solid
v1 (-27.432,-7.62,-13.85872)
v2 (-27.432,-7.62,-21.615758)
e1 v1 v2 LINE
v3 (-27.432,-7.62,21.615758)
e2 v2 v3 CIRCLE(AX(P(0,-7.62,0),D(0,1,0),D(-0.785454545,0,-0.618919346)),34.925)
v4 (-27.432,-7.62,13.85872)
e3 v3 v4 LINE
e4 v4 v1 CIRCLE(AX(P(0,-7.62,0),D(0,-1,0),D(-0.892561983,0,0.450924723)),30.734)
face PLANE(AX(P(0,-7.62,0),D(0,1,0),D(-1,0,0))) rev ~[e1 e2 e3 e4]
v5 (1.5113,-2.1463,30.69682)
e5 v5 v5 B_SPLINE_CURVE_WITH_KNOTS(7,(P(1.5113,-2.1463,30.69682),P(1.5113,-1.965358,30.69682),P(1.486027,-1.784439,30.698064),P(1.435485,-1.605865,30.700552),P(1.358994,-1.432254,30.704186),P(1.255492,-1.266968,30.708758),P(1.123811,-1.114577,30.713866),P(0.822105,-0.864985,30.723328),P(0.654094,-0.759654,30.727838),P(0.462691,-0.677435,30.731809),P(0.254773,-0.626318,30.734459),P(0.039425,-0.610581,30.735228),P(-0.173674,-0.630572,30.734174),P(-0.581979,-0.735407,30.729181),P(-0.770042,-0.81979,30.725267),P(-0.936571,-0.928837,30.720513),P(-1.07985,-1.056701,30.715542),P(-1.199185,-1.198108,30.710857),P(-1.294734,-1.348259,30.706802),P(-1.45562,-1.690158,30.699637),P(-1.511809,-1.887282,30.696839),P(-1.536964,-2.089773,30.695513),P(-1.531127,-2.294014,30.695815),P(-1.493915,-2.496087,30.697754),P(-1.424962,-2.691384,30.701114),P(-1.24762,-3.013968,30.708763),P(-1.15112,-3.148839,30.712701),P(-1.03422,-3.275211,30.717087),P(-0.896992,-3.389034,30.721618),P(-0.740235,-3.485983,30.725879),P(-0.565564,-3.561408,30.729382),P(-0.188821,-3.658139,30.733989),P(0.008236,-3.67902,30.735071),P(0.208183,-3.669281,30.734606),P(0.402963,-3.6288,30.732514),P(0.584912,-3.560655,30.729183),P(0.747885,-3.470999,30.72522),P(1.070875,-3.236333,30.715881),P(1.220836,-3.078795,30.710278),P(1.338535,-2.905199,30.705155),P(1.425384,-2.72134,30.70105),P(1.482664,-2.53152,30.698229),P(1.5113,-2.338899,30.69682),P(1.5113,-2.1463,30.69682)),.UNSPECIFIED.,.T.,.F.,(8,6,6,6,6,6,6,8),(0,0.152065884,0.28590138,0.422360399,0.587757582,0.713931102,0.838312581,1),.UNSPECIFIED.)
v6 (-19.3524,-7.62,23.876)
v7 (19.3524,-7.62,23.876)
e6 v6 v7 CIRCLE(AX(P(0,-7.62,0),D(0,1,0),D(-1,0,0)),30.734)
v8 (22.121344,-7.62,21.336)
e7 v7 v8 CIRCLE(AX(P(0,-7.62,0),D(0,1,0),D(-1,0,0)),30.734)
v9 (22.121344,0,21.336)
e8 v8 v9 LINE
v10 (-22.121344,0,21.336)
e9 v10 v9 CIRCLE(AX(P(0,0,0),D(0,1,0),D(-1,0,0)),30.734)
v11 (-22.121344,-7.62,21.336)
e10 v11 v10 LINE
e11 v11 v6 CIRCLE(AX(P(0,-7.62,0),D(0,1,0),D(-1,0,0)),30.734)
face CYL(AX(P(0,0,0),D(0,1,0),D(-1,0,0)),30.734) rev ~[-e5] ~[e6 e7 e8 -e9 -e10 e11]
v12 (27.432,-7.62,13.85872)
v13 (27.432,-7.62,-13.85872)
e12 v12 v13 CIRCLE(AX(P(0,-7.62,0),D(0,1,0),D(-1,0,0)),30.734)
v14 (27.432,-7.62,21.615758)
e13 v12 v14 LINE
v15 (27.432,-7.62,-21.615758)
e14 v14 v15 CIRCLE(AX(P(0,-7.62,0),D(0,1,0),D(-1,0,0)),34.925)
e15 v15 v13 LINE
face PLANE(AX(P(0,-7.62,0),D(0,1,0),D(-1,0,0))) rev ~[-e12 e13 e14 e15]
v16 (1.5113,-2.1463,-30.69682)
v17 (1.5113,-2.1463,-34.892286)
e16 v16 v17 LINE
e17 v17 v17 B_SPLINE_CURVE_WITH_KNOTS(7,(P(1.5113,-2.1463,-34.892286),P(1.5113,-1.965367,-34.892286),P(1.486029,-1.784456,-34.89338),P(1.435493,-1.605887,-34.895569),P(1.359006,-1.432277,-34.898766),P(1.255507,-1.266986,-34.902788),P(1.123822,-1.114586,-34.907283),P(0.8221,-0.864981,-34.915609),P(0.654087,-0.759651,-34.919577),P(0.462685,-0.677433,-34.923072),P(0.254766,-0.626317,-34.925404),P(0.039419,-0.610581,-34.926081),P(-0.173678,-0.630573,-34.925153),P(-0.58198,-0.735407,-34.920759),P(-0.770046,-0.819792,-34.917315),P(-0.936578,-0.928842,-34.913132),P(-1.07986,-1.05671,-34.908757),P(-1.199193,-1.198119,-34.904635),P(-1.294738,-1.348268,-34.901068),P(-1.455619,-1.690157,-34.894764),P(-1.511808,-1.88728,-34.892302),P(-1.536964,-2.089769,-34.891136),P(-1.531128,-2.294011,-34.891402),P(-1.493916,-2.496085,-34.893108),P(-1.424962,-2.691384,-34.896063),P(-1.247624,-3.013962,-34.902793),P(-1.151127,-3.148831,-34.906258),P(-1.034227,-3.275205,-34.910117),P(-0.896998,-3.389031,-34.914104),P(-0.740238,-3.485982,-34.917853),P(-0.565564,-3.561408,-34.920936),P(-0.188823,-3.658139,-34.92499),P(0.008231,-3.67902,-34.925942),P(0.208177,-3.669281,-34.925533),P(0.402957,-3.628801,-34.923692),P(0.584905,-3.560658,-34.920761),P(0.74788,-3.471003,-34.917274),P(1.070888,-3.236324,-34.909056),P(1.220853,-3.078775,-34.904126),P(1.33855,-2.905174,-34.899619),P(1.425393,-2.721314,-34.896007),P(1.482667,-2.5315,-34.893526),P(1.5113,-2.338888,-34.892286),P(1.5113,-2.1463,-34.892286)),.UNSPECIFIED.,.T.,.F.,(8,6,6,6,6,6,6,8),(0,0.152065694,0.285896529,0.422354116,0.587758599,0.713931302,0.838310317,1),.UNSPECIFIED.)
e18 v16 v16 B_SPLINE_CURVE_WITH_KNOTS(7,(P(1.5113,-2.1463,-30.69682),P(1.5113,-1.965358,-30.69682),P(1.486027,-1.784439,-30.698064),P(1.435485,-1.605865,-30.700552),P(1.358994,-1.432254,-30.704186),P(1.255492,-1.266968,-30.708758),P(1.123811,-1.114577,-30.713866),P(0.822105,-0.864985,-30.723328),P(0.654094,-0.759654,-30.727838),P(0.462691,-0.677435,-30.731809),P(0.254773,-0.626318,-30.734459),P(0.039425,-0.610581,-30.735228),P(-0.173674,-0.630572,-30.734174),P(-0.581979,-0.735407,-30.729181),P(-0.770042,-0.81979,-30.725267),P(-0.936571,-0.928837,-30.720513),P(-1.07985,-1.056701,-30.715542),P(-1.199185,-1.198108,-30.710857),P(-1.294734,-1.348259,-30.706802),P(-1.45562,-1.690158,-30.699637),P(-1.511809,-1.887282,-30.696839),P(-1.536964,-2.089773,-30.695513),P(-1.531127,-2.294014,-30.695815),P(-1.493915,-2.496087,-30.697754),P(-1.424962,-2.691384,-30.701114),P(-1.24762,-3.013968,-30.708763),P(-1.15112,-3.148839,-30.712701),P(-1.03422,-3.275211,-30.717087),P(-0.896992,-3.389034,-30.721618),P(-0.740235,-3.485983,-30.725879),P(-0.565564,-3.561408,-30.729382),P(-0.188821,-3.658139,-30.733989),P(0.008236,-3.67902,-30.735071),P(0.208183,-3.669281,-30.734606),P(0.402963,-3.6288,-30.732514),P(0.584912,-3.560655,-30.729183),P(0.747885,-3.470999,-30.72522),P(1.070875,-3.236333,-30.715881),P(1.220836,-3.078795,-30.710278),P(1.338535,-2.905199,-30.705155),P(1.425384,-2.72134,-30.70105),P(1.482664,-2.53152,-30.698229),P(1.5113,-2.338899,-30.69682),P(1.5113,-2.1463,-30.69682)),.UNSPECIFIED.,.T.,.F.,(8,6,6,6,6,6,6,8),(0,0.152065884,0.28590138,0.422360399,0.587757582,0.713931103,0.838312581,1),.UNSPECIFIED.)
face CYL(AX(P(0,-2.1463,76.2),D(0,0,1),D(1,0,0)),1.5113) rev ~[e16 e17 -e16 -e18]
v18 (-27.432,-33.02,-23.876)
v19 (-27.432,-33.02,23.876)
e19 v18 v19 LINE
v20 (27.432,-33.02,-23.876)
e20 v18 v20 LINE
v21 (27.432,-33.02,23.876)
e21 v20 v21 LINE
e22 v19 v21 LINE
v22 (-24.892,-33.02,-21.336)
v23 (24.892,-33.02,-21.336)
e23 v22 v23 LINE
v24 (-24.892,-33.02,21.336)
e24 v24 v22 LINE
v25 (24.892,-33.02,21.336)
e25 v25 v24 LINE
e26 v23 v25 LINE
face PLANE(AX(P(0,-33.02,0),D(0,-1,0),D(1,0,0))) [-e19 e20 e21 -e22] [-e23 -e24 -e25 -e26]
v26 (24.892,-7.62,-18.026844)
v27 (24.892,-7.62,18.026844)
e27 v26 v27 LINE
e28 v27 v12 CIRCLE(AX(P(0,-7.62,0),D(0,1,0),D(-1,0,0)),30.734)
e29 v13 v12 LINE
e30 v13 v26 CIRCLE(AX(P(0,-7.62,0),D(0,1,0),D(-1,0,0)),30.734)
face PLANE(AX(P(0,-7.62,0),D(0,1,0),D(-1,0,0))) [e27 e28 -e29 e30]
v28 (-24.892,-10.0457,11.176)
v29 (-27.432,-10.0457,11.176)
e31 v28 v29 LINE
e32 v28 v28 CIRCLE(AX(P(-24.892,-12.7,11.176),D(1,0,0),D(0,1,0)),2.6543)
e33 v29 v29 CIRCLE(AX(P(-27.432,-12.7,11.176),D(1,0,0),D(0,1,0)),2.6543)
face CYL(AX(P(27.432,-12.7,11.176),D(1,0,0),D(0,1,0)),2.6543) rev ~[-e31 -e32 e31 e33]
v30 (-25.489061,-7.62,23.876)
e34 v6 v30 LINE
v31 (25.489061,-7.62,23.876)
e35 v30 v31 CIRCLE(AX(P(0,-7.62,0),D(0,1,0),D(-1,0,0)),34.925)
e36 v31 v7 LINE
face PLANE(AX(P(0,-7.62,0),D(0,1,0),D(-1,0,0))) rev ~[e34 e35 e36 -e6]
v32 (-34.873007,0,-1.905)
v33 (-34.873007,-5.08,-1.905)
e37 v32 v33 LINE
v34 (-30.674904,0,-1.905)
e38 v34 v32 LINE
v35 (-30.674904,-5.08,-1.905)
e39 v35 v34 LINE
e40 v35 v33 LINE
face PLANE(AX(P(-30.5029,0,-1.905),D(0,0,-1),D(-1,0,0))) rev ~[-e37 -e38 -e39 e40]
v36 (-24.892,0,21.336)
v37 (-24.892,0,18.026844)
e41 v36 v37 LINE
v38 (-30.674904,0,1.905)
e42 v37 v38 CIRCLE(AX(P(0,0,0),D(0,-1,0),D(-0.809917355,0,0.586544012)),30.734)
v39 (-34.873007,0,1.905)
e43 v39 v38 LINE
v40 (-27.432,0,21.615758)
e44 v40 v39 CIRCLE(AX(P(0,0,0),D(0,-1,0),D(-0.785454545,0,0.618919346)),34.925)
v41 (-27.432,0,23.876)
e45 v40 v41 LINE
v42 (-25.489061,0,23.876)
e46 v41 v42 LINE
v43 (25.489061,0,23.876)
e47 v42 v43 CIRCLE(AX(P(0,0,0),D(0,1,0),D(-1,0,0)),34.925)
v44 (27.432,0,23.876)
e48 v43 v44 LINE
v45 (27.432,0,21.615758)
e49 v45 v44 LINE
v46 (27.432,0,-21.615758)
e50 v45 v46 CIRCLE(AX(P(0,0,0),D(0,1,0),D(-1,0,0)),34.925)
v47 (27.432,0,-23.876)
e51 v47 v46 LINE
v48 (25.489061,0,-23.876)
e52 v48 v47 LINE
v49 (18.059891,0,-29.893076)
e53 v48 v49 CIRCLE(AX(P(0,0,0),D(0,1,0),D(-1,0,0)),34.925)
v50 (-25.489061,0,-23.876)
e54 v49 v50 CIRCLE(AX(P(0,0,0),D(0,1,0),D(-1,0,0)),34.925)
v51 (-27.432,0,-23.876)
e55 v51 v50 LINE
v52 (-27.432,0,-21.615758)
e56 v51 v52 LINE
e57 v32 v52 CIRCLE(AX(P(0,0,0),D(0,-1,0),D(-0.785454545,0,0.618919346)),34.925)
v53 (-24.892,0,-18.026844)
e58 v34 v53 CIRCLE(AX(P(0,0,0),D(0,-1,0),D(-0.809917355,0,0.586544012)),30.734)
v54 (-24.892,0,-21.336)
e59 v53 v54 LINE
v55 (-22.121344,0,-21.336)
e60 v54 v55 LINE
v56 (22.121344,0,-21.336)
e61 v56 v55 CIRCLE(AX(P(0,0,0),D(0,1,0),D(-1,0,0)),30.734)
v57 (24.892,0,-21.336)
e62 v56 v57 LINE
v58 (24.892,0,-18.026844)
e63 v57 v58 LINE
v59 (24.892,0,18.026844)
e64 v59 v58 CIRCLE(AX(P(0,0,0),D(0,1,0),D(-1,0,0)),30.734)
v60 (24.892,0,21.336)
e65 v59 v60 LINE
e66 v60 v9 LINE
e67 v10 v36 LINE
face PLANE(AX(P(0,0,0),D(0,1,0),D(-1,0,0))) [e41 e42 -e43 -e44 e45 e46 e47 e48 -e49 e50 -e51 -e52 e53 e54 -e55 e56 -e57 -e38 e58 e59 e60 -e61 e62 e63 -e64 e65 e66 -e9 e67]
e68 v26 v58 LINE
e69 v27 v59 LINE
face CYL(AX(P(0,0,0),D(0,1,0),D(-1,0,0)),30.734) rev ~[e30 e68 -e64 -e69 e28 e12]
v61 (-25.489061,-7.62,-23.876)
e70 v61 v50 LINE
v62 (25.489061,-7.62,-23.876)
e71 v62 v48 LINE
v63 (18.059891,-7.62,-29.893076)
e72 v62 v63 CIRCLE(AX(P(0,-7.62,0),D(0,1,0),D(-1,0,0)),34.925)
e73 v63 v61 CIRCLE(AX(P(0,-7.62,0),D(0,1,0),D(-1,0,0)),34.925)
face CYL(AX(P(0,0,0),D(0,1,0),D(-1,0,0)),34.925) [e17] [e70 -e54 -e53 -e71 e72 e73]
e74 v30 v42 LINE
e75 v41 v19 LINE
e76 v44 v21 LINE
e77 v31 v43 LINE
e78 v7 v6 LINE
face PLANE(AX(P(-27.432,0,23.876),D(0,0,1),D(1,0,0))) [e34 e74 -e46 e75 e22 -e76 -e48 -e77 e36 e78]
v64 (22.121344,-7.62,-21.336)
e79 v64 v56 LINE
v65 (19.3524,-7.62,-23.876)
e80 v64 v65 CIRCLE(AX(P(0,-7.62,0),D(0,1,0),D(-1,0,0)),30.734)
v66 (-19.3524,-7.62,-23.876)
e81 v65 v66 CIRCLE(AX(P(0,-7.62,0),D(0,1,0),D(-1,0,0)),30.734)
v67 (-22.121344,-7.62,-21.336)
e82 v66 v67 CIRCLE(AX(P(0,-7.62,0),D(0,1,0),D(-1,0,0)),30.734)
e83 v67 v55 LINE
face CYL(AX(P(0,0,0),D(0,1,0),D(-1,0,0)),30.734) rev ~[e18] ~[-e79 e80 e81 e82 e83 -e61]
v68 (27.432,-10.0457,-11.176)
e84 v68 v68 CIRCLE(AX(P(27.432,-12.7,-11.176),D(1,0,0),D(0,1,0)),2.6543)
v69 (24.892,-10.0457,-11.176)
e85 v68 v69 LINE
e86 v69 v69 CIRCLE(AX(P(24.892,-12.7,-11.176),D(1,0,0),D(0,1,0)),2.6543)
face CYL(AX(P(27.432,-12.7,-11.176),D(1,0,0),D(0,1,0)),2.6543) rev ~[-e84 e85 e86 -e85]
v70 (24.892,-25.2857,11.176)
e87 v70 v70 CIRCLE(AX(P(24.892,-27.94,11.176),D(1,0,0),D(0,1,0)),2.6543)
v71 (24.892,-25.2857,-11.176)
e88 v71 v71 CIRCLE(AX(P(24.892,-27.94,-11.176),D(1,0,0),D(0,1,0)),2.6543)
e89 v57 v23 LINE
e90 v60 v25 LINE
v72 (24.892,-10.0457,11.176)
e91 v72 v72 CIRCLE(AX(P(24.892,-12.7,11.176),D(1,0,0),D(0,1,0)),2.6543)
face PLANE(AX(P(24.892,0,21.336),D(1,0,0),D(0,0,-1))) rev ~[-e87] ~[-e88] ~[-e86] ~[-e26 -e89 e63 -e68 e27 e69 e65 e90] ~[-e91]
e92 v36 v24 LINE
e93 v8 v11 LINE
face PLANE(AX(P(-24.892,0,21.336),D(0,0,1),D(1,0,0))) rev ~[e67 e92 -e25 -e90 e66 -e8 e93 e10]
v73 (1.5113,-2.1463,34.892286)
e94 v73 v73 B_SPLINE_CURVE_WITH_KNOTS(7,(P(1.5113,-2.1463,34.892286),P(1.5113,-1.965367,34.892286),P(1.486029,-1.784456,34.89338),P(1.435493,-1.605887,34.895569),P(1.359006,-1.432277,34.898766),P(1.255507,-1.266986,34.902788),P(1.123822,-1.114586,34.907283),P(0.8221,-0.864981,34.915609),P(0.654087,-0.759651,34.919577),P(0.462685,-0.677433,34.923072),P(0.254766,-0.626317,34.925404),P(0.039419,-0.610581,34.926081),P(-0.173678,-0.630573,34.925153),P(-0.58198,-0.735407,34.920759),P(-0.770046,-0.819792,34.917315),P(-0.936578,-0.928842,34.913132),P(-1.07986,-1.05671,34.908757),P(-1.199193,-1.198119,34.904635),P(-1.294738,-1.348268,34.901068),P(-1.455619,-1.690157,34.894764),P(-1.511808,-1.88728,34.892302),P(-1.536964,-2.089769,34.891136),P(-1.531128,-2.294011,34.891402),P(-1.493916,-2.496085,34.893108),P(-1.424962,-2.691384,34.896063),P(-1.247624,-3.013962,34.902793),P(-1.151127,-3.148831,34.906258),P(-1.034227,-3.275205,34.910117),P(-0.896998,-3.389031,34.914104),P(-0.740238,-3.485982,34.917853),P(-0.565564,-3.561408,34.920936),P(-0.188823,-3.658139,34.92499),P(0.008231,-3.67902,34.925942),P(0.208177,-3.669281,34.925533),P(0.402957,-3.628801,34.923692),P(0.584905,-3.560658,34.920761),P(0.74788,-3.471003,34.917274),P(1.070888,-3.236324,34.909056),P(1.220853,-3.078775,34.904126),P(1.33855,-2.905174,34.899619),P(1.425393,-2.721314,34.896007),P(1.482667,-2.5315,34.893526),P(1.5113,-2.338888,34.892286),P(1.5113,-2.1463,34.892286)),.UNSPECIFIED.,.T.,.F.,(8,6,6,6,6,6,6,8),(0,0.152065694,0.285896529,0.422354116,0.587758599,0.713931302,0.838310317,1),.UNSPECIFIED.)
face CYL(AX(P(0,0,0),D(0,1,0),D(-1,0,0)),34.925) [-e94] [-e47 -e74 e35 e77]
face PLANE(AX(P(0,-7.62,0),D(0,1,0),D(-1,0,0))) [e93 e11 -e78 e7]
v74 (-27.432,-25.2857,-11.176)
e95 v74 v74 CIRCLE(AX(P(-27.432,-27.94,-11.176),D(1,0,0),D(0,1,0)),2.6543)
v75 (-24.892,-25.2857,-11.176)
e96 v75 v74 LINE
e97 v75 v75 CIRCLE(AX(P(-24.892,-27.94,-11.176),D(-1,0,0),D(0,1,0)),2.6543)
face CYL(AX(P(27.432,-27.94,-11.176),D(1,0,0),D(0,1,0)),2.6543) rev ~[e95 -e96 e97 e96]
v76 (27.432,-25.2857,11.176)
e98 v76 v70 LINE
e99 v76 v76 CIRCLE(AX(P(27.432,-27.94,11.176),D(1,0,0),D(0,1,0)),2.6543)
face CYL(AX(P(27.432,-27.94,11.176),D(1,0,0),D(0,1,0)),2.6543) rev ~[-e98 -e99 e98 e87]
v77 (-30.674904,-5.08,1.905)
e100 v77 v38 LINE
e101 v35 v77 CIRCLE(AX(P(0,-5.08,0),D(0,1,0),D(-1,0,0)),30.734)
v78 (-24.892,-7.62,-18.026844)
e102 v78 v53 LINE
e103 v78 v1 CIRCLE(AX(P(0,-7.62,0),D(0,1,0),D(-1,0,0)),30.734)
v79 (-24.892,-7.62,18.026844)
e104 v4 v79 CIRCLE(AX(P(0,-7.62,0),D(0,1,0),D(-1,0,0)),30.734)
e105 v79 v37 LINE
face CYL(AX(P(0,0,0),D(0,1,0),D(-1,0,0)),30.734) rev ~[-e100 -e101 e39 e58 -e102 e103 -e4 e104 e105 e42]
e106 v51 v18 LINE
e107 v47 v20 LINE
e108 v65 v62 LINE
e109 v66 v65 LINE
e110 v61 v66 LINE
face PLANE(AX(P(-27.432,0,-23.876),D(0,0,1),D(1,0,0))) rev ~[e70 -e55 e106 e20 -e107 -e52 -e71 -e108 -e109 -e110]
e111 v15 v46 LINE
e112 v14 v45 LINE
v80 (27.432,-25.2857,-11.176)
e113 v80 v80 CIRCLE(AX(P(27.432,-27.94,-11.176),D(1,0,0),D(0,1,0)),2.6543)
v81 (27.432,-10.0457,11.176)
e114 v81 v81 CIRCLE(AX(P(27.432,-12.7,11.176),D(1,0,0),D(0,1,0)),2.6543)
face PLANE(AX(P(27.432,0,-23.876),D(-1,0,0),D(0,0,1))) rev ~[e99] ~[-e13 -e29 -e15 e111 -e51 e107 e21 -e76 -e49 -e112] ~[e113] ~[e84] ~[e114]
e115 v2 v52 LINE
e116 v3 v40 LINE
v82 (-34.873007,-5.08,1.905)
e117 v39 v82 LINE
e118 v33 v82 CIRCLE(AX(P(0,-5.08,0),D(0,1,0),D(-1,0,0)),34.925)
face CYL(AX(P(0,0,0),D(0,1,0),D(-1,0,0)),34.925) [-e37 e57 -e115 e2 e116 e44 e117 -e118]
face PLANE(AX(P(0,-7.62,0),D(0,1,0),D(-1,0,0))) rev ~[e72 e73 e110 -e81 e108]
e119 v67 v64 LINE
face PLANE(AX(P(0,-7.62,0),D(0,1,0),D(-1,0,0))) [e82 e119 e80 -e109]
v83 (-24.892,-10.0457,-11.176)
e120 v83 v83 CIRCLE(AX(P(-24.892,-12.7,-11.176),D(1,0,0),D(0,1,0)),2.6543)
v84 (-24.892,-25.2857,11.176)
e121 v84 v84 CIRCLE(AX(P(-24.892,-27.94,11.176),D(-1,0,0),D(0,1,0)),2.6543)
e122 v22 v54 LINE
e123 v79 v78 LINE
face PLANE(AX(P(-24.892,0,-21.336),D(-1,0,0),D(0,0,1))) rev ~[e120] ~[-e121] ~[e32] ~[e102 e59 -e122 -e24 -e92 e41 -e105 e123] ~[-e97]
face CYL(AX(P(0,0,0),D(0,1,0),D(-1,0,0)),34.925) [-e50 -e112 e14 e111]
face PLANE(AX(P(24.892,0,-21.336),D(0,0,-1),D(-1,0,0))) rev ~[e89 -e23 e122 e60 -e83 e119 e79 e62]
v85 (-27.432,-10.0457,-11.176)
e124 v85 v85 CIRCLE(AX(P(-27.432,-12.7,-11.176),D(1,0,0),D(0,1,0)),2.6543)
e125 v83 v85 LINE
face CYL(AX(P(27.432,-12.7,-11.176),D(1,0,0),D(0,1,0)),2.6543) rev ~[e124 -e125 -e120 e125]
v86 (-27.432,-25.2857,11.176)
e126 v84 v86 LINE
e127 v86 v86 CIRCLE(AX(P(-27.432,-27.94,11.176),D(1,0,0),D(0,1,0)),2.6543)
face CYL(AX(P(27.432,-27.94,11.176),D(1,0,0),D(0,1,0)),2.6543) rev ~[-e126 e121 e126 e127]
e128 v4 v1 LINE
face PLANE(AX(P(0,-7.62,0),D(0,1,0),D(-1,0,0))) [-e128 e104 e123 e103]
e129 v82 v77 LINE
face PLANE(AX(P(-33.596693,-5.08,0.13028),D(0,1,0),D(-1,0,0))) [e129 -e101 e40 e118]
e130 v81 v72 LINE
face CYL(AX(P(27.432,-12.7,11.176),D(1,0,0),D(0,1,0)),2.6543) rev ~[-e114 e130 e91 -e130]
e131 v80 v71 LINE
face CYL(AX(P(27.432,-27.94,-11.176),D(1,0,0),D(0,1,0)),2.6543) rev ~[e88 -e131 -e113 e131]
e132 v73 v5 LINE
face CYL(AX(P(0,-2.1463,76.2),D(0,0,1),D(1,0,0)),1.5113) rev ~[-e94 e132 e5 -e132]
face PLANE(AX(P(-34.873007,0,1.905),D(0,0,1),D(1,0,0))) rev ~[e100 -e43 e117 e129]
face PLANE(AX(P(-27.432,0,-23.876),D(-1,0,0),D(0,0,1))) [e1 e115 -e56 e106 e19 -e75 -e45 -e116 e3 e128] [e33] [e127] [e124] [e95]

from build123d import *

# Parameters (mm, degrees)
F0_W      = 54.864
F0_H      = 47.752
F1_DEPTH  = 33.02
F2_W      = 24.892
F2_H      = 21.336
F3_DEPTH  = 33.02
F4_R      = 34.925
F4_R_2    = 30.734
F5_DEPTH  = 7.62
F6_R      = 2.6543
F7_DEPTH  = 76.2
F9_DEPTH  = 7.62
F11_DEPTH = 25.4
F12_R     = 30.734
F13_DEPTH = 7.62
F15_DEPTH = 5.08
F17_R     = 1.5113
F18_DEPTH = 127


with BuildPart() as f1:
    # F0 (on Front) → F1 (new body)
    with BuildSketch(Plane.XZ):
        Rectangle(F0_W, F0_H)
    extrude(amount=F1_DEPTH)

    # F2 (on face) → F3 (cut)
    with BuildSketch(Plane.XZ.offset(33.02)):
        with Locations((-12.446, 10.668)):
            Rectangle(F2_W, F2_H)
        with Locations((12.446, -10.668)):
            Rectangle(F2_W, F2_H)
        with Locations((-12.446, -10.668)):
            Rectangle(F2_W, F2_H)
        with Locations((12.446, 10.668)):
            Rectangle(F2_W, F2_H)
    extrude(amount=-F3_DEPTH, mode=Mode.SUBTRACT)

    # F4 (on face) → F5 (join)
    with BuildSketch(Plane(origin=(0, 0, 0), x_dir=(-1, 0, 0), z_dir=(0, 1, 0))):
        Circle(F4_R)
        Circle(F4_R_2, mode=Mode.SUBTRACT)
    extrude(amount=-F5_DEPTH)

    # F6 (on face) → F7 (cut)
    with BuildSketch(Plane.YZ.offset(27.432)):
        with Locations((-27.94, 11.176)):
            Circle(F6_R)
        with Locations((-27.94, -11.176)):
            Circle(F6_R)
        with Locations((-12.7, 11.176)):
            Circle(F6_R)
        with Locations((-12.7, -11.176)):
            Circle(F6_R)
    extrude(amount=-F7_DEPTH, mode=Mode.SUBTRACT)

    # F8 (on face) → F9 (join)
    with BuildSketch(Plane(origin=(0, 0, 0), x_dir=(-1, 0, 0), z_dir=(0, 1, 0))):
        Polygon((-15.239977, 28.93018), (-21.844286, 22.671998), (22.174528, 22.671998), (17.10213, 27.676882), (0, 33.06745), align=None)
        Polygon((-26.720829, -17.021414), (-26.720829, 16.84154), (-31.688731, 8.959086), (-33.177566, -3.639529), align=None)
        Polygon((-18.059891, -29.893076), (0, -33.054188), (13.156982, -30.942233), (22.121344, -22.471936), (-24.892, -22.471936), align=None)
        Polygon((26.667995, 16.763607), (26.667995, -17.988142), (32.70267, -7.179345), (32.70267, 5.721464), align=None)
    extrude(amount=-F9_DEPTH)

    # F10 (on face) → F11 (cut)
    with BuildSketch(Plane(origin=(0, 0, 0), x_dir=(-1, 0, 0), z_dir=(0, 1, 0))):
        Polygon((24.892, 21.336), (-22.121344, 21.336), (-24.892, 21.336), (-24.892, -18.026844), (-24.892, -21.336), (24.892, -21.336), align=None)
    extrude(amount=-F11_DEPTH, mode=Mode.SUBTRACT)

    # F12 (on face) → F13 (cut)
    with BuildSketch(Plane(origin=(0, 0, 0), x_dir=(-1, 0, 0), z_dir=(0, 1, 0))):
        Circle(F12_R)
    extrude(amount=-F13_DEPTH, mode=Mode.SUBTRACT)

    # F14 (on face) → F15 (cut)
    with BuildSketch(Plane(origin=(0, 0, 0), x_dir=(-1, 0, 0), z_dir=(0, 1, 0))):
        Polygon((34.873007, 1.905), (30.674904, 1.905), (30.031135, 1.905), (29.740494, -1.788886), (30.5029, -1.905), (30.674904, -1.905), (34.873007, -1.905), (38.508706, 0.957784), align=None)
    extrude(amount=-F15_DEPTH, mode=Mode.SUBTRACT)

    # F17 (on offset) → F18 (cut)
    with BuildSketch(Plane.XY.offset(76.2)):
        with Locations((0, -2.1463)):
            Circle(F17_R)
    extrude(amount=-F18_DEPTH, mode=Mode.SUBTRACT)


solid = f1.part
